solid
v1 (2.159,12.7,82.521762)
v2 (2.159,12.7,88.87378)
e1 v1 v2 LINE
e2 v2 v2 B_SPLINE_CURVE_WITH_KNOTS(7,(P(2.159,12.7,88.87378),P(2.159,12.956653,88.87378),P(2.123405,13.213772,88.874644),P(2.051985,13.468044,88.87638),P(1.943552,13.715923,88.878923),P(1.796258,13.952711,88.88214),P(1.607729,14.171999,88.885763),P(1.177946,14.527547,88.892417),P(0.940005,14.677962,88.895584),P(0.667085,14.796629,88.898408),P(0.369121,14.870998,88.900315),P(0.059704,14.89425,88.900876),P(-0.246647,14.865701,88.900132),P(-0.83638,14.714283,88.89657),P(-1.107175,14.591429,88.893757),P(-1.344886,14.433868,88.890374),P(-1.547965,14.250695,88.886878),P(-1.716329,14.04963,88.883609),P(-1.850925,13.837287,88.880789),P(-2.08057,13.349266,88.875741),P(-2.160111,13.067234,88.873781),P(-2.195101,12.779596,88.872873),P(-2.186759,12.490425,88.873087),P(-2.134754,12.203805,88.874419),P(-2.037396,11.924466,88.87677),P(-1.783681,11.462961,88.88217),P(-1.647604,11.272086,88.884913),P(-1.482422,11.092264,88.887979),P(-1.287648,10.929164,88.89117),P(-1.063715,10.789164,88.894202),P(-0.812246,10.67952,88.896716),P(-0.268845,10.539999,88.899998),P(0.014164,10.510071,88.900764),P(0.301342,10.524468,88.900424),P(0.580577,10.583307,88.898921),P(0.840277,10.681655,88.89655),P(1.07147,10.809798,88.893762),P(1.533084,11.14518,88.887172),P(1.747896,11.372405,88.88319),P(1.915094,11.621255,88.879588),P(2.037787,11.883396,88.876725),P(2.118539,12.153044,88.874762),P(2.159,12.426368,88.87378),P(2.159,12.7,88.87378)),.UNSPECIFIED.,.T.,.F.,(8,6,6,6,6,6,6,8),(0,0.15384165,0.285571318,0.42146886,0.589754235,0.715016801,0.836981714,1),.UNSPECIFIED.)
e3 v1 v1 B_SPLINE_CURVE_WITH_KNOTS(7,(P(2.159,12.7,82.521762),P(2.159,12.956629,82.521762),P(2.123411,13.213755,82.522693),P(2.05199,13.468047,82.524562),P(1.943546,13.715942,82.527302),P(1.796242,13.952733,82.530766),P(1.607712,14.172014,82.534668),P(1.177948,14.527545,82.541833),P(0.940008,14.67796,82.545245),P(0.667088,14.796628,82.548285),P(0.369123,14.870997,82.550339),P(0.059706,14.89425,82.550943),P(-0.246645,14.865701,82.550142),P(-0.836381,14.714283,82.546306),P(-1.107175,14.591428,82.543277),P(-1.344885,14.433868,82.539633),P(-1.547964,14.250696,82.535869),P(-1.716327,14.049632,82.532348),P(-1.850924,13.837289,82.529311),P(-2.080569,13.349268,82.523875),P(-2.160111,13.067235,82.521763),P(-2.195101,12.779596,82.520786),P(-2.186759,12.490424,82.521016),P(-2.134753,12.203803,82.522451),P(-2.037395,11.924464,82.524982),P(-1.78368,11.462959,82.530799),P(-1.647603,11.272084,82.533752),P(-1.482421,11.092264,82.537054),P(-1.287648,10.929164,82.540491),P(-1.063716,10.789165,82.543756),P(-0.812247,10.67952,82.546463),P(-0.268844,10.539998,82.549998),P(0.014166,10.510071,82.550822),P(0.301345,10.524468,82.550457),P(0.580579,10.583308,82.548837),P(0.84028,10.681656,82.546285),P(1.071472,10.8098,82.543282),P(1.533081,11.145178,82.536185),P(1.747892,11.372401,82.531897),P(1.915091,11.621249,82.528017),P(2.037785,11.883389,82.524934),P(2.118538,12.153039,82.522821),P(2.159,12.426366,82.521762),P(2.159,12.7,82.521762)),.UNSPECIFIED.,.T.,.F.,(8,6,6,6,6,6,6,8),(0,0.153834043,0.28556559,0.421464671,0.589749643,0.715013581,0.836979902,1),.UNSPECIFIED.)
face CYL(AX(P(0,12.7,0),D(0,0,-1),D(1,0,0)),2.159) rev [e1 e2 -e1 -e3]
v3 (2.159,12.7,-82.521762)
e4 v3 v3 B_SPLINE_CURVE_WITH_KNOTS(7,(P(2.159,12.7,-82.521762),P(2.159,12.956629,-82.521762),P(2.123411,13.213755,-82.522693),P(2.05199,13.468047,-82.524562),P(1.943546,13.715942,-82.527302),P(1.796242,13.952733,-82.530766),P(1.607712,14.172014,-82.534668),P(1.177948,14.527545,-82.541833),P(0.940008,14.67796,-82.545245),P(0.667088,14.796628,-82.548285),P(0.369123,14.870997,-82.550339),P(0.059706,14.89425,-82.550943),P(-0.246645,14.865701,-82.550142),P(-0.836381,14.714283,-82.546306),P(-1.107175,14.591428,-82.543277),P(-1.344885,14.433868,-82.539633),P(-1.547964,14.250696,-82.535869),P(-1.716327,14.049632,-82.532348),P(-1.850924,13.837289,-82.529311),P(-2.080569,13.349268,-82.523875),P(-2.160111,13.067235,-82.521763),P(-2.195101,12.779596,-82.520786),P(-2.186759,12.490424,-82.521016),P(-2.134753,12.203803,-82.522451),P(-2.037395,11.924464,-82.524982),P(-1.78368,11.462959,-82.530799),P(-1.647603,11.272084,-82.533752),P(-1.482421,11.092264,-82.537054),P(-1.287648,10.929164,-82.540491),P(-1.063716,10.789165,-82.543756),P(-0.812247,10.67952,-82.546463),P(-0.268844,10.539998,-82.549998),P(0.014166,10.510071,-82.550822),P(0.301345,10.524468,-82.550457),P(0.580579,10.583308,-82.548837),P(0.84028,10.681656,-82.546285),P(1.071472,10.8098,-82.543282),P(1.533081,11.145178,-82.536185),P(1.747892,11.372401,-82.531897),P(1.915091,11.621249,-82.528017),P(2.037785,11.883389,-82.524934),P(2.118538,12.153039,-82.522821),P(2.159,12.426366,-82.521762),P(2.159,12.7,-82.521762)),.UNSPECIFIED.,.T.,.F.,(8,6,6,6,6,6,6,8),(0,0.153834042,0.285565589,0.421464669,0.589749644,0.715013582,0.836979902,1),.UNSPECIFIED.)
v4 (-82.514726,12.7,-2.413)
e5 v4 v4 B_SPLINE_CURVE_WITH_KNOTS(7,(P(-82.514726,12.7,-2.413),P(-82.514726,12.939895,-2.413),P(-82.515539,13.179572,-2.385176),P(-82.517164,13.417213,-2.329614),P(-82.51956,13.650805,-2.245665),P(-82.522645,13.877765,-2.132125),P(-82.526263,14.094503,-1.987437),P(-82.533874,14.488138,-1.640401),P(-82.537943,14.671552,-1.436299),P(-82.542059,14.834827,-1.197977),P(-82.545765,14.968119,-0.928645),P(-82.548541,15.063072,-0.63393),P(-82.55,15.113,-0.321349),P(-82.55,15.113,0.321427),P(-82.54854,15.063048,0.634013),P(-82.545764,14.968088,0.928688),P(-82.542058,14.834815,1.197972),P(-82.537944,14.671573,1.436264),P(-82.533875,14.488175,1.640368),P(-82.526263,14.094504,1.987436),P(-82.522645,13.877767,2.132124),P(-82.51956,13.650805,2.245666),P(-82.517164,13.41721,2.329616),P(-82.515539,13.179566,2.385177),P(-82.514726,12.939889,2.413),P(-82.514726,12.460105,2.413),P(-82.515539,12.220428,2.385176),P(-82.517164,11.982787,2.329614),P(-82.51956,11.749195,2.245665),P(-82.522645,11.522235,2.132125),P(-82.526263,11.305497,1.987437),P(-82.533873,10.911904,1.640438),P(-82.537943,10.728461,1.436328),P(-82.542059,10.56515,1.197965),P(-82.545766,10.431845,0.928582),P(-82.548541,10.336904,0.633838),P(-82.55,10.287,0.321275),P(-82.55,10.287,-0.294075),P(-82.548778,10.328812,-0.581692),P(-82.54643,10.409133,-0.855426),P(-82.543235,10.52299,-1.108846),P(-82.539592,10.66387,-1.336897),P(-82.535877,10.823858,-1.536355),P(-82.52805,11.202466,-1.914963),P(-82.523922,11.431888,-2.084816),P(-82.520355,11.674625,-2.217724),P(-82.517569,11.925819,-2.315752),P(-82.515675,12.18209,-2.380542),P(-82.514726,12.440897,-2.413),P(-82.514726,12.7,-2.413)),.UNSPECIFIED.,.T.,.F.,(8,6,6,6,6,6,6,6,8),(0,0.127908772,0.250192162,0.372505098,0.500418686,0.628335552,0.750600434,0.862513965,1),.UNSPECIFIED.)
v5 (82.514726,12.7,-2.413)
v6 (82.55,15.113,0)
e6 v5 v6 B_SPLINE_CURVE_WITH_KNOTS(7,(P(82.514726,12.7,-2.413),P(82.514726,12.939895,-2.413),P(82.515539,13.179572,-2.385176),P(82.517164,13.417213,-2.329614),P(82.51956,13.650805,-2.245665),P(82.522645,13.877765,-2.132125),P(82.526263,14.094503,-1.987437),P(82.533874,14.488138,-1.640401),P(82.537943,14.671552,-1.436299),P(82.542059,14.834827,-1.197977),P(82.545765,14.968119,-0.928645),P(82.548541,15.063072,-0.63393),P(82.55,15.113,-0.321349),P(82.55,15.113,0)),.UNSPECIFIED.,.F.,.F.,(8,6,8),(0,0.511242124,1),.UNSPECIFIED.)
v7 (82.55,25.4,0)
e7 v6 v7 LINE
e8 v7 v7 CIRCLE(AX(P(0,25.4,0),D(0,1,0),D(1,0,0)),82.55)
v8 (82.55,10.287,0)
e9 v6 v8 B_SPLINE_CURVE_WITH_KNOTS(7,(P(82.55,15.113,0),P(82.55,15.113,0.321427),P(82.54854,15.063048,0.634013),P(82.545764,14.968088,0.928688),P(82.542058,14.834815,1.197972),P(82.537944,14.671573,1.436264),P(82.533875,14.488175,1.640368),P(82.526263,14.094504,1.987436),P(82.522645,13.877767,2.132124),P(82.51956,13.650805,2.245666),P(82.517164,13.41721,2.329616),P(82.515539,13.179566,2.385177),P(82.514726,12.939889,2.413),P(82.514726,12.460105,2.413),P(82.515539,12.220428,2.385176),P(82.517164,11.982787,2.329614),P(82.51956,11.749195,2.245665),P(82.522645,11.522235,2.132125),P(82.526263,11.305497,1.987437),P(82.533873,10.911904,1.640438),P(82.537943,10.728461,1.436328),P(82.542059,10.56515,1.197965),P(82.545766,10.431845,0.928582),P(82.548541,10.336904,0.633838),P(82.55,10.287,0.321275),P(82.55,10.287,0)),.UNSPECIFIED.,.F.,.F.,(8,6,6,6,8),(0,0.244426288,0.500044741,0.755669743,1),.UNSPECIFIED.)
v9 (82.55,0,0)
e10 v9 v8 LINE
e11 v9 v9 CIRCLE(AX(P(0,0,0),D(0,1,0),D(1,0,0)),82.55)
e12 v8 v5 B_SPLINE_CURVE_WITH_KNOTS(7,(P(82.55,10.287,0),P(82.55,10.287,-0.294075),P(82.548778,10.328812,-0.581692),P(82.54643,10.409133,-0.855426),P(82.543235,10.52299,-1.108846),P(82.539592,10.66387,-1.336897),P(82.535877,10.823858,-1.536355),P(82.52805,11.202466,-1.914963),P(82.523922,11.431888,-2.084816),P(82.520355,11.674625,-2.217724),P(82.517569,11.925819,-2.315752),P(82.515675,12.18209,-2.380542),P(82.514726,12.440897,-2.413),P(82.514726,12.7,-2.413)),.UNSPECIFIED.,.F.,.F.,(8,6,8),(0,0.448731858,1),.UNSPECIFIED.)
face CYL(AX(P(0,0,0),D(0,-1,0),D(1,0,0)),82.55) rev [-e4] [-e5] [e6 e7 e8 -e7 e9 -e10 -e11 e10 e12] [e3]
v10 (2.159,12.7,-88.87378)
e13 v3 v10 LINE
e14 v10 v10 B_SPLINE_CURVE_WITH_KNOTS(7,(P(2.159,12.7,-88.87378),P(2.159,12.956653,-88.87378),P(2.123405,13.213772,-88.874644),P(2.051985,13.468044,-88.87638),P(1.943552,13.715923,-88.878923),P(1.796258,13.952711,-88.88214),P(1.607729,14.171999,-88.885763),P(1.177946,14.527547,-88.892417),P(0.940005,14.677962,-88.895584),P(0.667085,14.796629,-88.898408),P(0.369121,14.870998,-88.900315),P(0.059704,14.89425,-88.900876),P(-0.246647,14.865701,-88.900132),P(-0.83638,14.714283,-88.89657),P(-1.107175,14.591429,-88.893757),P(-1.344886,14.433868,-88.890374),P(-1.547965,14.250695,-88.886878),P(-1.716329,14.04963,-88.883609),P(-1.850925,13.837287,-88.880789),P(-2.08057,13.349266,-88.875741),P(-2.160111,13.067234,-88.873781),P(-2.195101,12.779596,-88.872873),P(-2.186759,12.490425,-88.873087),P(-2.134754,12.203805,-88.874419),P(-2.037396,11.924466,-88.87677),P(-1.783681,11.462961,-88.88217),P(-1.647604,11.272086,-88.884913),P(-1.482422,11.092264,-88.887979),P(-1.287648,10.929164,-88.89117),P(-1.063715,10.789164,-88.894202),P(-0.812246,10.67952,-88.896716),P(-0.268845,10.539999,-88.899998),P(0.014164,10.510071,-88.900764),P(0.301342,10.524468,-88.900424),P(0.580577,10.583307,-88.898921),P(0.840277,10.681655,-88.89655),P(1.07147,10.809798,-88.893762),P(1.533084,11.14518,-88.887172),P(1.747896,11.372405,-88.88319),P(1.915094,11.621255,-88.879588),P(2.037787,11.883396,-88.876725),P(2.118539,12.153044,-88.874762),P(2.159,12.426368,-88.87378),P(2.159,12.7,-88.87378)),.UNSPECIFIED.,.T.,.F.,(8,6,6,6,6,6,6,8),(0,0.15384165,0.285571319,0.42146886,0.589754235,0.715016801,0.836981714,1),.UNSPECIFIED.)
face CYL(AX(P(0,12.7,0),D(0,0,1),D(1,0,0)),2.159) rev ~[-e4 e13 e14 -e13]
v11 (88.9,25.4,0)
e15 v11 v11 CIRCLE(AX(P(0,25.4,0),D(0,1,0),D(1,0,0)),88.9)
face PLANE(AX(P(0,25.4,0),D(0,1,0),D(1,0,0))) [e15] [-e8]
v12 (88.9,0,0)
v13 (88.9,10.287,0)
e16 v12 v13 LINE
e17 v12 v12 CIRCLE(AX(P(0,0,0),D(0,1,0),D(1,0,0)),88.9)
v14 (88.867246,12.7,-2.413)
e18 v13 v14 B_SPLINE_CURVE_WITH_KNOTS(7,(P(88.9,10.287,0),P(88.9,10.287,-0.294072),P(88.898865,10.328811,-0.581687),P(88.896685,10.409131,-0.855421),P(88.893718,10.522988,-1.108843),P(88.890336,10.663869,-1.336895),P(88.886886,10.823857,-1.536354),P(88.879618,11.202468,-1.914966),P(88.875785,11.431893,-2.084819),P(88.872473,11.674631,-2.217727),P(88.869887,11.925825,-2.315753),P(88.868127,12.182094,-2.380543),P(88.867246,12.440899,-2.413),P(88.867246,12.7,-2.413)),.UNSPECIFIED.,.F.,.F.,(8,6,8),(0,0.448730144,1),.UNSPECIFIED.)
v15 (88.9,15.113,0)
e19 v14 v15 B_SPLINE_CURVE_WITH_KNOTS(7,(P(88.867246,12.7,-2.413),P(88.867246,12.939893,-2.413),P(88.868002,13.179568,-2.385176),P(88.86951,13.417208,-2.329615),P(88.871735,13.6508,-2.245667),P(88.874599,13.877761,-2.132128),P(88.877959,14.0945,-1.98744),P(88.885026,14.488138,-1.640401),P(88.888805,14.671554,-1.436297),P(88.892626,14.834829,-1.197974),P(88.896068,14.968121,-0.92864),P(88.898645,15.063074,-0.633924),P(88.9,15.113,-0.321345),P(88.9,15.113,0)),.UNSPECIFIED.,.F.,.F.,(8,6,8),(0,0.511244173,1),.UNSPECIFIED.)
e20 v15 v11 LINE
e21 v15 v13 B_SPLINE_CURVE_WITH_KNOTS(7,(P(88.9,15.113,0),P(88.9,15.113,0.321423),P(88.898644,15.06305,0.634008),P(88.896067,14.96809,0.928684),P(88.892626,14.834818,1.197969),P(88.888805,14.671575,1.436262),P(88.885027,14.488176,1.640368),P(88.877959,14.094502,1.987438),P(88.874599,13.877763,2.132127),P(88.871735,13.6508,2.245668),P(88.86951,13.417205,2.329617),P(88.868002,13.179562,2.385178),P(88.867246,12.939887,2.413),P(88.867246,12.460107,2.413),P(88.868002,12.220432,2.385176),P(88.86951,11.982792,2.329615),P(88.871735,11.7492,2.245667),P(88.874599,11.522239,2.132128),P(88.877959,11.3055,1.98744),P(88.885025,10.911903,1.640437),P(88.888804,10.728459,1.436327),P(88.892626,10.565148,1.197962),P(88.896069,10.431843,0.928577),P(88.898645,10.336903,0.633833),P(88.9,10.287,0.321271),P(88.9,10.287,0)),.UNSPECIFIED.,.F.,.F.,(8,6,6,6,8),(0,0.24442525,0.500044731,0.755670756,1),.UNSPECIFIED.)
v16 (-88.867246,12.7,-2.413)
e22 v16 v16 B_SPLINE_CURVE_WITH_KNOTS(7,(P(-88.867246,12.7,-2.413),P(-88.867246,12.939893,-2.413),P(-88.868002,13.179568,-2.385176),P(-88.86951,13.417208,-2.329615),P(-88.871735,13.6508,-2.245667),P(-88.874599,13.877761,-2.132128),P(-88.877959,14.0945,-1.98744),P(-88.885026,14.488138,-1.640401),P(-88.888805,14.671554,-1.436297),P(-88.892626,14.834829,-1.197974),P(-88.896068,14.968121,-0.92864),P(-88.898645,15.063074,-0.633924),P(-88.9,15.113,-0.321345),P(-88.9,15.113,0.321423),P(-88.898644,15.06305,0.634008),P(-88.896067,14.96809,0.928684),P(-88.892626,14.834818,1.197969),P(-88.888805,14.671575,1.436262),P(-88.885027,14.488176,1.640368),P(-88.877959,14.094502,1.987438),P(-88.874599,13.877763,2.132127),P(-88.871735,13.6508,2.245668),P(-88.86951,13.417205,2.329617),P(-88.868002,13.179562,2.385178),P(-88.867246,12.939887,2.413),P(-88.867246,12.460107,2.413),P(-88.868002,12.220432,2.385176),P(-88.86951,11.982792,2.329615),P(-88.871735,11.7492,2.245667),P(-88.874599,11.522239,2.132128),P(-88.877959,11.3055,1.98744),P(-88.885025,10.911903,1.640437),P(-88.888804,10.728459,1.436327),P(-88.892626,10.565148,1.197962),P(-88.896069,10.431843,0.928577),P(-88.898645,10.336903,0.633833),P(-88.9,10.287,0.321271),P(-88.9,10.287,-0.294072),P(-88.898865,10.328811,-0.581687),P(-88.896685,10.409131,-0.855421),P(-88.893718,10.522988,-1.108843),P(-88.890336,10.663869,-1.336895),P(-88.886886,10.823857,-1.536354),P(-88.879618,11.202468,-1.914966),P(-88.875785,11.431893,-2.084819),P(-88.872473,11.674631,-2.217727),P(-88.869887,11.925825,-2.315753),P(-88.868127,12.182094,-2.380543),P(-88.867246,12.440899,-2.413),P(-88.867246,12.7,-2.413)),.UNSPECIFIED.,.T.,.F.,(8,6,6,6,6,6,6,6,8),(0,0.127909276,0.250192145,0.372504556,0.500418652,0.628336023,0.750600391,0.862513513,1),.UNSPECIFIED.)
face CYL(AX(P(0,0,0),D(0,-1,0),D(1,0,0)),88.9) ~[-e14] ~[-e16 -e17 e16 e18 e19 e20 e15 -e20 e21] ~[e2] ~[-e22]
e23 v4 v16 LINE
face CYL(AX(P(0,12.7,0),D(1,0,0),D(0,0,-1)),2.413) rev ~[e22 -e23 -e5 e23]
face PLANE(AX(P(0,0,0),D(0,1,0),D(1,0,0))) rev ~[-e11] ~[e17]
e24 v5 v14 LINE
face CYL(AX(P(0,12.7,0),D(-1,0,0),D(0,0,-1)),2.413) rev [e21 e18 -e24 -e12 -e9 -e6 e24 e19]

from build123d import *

# Parameters (mm, degrees)
SKETCH1_R               = 88.9
SKETCH1_R_2             = 82.55
BOSS_EXTRUDE1_DEPTH     = 25.4
SKETCH2_R               = 2.413
CUT_EXTRUDE1_DEPTH      = 89.9
CUT_EXTRUDE1_DEPTH_BACK = 89.9
SKETCH3_R               = 2.159
CUT_EXTRUDE2_DEPTH      = 89.9000001
CUT_EXTRUDE2_DEPTH_BACK = 89.9000001


with BuildPart() as part:
    # Sketch1 → Boss-Extrude1 (new body)
    with BuildSketch(Plane(origin=(0, 0, 0), x_dir=(1, 0, 0), z_dir=(0, 1, 0))):
        Circle(SKETCH1_R)
        Circle(SKETCH1_R_2, mode=Mode.SUBTRACT)
    extrude(amount=BOSS_EXTRUDE1_DEPTH)

    # Sketch2 → Cut-Extrude1 (cut, two sides)
    with BuildSketch(Plane(origin=(0, 0, 0), x_dir=(0, 0, -1), z_dir=(1, 0, 0))) as cut_extrude1_sk:
        with Locations((0, 12.7)):
            Circle(SKETCH2_R)
    extrude(amount=CUT_EXTRUDE1_DEPTH, mode=Mode.SUBTRACT)
    extrude(cut_extrude1_sk.sketch, amount=-CUT_EXTRUDE1_DEPTH_BACK, mode=Mode.SUBTRACT)

    # Sketch3 → Cut-Extrude2 (cut, two sides)
    with BuildSketch(Plane.XY) as cut_extrude2_sk:
        with Locations((0, 12.7)):
            Circle(SKETCH3_R)
    extrude(amount=CUT_EXTRUDE2_DEPTH, mode=Mode.SUBTRACT)
    extrude(cut_extrude2_sk.sketch, amount=-CUT_EXTRUDE2_DEPTH_BACK, mode=Mode.SUBTRACT)


solid = part.part
